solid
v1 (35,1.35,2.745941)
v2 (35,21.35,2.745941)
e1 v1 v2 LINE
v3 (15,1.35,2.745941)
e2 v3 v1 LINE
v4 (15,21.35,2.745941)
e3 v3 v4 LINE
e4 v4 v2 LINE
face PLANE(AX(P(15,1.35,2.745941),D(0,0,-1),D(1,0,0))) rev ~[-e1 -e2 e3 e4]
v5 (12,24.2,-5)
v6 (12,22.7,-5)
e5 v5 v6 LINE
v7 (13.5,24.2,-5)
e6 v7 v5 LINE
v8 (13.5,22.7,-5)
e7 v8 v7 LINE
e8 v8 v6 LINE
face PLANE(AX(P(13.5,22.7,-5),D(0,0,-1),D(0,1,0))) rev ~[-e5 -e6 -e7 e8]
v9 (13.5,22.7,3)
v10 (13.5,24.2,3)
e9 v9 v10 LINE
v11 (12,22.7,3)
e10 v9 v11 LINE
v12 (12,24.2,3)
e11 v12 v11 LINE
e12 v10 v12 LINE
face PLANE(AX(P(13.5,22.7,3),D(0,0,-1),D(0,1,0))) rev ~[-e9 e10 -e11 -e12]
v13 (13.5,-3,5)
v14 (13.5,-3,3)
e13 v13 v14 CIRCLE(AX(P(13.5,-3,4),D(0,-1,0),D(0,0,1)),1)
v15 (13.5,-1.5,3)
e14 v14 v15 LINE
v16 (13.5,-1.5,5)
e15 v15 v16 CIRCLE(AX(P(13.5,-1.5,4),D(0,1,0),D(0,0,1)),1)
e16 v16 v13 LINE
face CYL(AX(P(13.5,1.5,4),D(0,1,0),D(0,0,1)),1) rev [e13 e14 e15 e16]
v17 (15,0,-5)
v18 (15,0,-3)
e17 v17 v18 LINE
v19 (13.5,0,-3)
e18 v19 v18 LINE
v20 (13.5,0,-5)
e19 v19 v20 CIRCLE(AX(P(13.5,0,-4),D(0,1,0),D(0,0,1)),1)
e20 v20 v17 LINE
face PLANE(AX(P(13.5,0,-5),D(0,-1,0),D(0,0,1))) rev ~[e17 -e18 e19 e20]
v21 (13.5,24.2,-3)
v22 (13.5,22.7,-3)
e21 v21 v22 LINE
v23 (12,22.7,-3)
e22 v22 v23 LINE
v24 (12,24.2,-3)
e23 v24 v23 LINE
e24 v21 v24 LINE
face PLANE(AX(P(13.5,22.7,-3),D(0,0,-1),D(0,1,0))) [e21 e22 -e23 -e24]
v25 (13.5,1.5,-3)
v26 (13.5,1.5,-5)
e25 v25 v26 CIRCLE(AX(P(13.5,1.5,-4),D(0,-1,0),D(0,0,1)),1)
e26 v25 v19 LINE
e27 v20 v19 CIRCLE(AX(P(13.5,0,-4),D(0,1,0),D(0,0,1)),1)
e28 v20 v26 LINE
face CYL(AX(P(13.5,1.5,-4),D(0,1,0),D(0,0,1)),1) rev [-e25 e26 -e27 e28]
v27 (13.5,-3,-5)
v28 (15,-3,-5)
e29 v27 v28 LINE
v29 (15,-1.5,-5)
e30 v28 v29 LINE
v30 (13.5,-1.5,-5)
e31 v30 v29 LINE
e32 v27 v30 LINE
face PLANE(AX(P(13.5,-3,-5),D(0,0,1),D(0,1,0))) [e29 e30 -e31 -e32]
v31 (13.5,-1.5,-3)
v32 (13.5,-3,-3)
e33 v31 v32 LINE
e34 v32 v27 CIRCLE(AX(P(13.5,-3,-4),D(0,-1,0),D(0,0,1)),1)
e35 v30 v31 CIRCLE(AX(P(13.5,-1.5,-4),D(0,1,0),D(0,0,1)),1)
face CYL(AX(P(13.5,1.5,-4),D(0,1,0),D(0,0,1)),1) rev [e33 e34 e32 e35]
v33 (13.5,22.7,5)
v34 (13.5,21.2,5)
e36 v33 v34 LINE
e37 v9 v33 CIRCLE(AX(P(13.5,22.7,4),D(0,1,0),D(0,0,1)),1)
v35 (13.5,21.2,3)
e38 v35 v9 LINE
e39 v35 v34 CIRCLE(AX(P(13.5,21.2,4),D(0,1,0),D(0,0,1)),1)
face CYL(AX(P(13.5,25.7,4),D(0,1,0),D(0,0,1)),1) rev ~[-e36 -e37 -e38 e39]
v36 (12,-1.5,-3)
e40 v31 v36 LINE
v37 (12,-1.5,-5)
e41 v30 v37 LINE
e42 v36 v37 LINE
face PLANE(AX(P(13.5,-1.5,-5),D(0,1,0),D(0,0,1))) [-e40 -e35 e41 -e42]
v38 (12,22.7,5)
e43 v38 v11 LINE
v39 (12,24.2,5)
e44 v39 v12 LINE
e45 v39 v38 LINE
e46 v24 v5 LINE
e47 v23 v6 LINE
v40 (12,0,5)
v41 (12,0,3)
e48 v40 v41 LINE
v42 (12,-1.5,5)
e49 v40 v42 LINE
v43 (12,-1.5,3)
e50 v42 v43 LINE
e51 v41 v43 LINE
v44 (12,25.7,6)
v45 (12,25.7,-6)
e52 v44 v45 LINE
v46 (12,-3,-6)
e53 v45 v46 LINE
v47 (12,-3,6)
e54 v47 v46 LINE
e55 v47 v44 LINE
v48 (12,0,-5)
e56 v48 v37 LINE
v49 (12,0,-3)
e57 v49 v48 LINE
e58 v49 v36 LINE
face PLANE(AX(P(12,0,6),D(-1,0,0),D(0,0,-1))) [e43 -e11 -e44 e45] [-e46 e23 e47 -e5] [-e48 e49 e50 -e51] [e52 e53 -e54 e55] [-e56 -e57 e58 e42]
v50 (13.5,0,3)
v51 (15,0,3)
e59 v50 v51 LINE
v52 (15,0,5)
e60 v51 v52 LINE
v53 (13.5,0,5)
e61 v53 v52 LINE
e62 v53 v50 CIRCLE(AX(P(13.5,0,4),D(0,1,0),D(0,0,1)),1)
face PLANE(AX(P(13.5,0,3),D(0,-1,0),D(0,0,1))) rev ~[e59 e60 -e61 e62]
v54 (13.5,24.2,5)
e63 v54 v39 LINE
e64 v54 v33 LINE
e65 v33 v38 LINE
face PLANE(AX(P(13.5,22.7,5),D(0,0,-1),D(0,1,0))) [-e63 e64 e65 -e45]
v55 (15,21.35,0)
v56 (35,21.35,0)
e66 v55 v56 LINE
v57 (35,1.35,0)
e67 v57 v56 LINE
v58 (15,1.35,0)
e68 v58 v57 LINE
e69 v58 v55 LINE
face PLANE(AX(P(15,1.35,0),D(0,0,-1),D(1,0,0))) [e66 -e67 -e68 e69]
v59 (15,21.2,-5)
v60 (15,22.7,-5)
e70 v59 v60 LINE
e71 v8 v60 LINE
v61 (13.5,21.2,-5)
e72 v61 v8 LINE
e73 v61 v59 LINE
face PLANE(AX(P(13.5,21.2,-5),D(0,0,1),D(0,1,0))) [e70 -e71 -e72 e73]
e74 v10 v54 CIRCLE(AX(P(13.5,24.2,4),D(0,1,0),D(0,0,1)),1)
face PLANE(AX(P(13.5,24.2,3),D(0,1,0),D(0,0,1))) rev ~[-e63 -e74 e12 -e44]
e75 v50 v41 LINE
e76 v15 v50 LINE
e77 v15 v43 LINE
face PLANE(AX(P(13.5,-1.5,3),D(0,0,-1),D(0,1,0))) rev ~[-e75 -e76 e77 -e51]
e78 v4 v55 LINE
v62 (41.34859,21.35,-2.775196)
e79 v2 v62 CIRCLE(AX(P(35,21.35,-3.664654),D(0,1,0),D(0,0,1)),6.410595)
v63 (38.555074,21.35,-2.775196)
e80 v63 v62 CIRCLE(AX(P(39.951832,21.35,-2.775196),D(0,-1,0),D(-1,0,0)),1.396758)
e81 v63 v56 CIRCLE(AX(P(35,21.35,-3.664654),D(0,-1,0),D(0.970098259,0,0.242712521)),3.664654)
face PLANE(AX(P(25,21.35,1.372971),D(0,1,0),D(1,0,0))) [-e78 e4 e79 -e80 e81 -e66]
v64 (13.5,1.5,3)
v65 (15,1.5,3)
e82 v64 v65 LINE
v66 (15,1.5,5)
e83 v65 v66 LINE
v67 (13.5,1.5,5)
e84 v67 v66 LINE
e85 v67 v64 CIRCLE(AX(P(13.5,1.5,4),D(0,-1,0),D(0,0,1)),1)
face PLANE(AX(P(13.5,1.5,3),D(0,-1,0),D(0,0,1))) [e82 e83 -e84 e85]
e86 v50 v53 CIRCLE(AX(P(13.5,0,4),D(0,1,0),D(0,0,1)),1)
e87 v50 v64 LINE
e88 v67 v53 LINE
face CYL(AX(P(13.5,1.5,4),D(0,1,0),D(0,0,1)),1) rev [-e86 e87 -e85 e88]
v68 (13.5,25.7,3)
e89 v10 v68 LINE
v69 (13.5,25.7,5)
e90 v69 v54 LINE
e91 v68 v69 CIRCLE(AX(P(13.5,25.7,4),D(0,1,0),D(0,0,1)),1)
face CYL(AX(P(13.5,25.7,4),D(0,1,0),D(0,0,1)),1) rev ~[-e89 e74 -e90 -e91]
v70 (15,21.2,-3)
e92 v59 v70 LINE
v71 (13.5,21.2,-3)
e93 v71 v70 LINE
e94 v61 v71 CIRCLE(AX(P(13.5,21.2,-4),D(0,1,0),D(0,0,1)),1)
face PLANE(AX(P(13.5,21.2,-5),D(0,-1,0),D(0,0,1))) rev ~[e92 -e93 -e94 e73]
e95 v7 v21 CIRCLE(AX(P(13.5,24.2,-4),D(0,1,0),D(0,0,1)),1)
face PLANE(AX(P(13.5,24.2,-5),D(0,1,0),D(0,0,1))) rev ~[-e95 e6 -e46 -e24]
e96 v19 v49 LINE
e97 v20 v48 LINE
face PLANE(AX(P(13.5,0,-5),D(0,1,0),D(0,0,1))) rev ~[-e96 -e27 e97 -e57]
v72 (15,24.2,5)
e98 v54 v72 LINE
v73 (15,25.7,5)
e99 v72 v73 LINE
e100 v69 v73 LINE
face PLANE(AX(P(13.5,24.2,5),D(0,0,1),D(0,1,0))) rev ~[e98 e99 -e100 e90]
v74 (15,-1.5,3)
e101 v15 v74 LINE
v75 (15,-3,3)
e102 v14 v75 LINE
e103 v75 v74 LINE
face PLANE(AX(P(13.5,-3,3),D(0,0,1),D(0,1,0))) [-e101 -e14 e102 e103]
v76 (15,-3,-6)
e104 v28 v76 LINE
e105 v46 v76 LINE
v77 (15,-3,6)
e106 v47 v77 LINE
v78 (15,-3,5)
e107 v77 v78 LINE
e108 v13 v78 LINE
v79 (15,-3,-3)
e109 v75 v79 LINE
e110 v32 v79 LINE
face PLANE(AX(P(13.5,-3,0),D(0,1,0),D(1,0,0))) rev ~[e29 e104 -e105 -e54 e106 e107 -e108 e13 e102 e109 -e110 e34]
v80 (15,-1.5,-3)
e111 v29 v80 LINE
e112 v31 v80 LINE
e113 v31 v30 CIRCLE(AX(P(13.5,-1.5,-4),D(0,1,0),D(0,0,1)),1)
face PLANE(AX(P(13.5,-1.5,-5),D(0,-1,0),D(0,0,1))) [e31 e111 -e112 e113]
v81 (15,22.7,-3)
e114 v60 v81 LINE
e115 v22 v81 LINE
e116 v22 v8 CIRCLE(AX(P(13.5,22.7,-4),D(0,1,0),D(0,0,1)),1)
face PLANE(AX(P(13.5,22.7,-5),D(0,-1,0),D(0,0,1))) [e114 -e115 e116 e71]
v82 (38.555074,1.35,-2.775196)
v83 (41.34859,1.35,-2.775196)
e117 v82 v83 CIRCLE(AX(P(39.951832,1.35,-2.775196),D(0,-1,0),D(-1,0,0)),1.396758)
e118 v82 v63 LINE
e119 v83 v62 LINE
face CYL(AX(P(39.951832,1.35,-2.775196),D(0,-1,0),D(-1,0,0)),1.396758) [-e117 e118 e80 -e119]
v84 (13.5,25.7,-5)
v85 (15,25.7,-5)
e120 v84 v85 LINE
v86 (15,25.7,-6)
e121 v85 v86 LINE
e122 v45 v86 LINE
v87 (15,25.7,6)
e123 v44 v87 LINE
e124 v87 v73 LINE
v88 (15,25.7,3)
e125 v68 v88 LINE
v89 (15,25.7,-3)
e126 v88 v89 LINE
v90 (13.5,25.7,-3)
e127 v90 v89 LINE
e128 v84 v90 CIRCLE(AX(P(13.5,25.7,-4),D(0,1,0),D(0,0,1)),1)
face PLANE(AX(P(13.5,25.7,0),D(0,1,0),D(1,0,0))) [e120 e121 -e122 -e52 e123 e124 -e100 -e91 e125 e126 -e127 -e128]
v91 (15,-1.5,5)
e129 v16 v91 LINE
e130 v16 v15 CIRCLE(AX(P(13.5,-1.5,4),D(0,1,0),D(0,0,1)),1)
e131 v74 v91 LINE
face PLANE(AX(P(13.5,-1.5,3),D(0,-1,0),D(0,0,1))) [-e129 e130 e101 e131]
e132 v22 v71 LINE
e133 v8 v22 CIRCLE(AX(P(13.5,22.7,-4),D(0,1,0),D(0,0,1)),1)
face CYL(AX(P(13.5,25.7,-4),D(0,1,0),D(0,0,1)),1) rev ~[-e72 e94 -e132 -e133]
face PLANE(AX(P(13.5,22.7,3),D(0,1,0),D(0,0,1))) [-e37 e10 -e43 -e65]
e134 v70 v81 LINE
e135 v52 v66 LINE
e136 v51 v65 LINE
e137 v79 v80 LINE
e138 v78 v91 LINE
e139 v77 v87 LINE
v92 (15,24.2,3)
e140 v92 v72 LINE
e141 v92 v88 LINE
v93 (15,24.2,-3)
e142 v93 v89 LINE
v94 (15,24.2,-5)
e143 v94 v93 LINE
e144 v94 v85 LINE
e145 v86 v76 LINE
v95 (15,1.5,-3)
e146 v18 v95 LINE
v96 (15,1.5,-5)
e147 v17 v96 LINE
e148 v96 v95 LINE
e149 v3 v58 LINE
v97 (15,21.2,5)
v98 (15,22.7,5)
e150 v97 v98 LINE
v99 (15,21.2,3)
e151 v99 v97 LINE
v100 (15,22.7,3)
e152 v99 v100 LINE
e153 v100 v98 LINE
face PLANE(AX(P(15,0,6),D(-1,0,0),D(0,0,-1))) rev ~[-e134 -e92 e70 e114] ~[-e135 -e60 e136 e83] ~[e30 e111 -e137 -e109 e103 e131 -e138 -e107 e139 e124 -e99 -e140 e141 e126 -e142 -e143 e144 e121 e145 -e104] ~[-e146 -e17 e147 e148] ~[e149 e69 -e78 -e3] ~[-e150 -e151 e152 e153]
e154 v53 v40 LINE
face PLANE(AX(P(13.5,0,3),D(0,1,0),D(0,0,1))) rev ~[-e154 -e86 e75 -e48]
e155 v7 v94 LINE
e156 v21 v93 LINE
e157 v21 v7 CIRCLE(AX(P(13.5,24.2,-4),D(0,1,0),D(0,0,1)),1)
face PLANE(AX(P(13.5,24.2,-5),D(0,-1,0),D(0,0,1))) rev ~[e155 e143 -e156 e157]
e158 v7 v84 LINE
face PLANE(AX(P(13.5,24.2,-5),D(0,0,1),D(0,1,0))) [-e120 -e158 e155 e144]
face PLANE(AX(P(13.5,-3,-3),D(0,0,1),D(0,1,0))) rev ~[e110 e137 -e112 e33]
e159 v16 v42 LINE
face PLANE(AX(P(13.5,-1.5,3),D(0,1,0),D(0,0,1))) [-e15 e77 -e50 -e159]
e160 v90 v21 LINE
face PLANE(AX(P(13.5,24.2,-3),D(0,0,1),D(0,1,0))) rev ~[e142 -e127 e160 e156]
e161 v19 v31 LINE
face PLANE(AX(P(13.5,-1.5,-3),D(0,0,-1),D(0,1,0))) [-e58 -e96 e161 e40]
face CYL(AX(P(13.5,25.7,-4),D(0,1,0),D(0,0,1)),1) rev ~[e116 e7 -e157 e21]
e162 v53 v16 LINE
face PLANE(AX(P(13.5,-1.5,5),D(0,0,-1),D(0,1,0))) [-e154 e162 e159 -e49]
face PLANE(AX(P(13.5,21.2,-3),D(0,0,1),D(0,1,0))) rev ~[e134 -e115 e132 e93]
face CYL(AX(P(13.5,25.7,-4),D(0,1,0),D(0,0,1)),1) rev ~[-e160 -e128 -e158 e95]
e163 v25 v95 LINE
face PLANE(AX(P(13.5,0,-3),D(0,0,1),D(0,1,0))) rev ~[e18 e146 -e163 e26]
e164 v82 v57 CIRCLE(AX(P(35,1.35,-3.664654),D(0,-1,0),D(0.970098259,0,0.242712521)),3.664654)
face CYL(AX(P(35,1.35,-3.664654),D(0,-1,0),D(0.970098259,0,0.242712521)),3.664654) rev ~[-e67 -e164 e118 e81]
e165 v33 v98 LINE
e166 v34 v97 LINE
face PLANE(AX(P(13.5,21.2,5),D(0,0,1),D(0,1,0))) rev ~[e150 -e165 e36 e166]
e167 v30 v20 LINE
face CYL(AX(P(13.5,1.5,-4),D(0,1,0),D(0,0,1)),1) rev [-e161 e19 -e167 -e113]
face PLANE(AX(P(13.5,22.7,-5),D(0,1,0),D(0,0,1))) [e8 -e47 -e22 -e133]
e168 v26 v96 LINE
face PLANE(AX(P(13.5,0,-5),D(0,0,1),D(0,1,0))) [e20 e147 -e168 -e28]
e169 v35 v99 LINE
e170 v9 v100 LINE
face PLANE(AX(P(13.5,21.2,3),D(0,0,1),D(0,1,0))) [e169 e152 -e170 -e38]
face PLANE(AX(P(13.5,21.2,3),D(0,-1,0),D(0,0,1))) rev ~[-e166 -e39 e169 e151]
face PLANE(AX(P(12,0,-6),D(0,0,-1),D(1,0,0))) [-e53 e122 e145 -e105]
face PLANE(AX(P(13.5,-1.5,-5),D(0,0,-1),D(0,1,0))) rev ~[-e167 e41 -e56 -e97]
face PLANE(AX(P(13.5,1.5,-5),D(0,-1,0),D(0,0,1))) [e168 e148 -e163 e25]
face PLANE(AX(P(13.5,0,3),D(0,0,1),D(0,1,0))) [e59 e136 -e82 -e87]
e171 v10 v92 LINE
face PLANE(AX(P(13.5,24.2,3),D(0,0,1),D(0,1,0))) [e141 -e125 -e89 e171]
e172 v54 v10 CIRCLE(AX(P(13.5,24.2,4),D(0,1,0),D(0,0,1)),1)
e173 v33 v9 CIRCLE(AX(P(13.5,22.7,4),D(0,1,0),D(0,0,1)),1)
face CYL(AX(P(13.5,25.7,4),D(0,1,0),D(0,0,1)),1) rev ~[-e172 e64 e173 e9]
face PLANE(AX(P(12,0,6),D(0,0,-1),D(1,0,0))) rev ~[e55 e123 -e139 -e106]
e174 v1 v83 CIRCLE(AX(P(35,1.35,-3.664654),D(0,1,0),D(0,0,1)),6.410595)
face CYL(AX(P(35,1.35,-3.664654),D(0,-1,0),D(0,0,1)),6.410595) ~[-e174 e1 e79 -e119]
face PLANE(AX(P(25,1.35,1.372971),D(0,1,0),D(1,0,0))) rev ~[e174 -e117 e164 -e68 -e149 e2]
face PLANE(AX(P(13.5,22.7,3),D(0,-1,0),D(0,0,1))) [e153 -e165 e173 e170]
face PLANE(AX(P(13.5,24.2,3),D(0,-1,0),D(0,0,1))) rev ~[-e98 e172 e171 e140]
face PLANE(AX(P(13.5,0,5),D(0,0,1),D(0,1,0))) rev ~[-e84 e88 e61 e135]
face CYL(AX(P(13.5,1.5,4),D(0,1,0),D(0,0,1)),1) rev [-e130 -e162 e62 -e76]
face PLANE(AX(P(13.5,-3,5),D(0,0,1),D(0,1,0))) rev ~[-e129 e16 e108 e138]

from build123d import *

# Parameters (mm, degrees)
SKETCH1_W                = 3
SKETCH1_H                = 12
BOSS_EXTRUDE1_DEPTH      = 3
ESQUISSE1_W              = 3
ESQUISSE1_H              = 12
BOSS_EXTRU_1_DEPTH       = 25.7
ESQUISSE2_R              = 1
ENL_V_MAT_EXTRU_1_DEPTH  = 4.5
ENL_V_START              = -4.5
ESQUISSE10_R             = 1
ENL_V_MAT_EXTRU_3_DEPTH  = 4.5
ESQUISSE13_W             = 2
ESQUISSE13_H             = 1.5
ENL_V_MAT_EXTRU_5_DEPTH  = 5
ESQUISSE14_W             = 2
ESQUISSE14_H             = 1.5
ENL_V_MAT_EXTRU_6_DEPTH  = 5
BOSS_EXTRUDE2_DEPTH      = 10
BOSS_EXTRUDE2_DEPTH_BACK = 10
SKETCH2_W                = 20
SKETCH2_H                = 2.745941069


with BuildPart() as part:
    # Sketch1 → Boss-Extrude1 (new body)
    with BuildSketch(Plane(origin=(0, 0, 0), x_dir=(1, 0, 0), z_dir=(0, 1, 0))):
        with Locations((13.5, 0)):
            Rectangle(SKETCH1_W, SKETCH1_H)
    extrude(amount=-BOSS_EXTRUDE1_DEPTH)

    # Esquisse1 → Boss.-Extru.1 (add)
    with BuildSketch(Plane(origin=(0, 0, 0), x_dir=(1, 0, 0), z_dir=(0, 1, 0))):
        with Locations((13.5, 0)):
            Rectangle(ESQUISSE1_W, ESQUISSE1_H)
    extrude(amount=BOSS_EXTRU_1_DEPTH)

    # Esquisse2 → Enlèv. mat.-Extru.1 (cut)
    with BuildSketch(Plane(origin=(0, 25.7, 0), x_dir=(1, 0, 0), z_dir=(0, 1, 0))):
        with Locations(Location((13.5, 4, 0), (0, 0, 270))):
            Circle(ESQUISSE2_R)
        with Locations(Location((13.5, -4, 0), (0, 0, 270))):
            Circle(ESQUISSE2_R)
    extrude(amount=-ENL_V_MAT_EXTRU_1_DEPTH, mode=Mode.SUBTRACT)

    # Esquisse10 → Enlèv. mat.-Extru.3 (cut)
    with BuildSketch(Plane.XZ.offset(3).offset(ENL_V_START)):
        with Locations(Location((13.5, -4, 0), (0, 0, 90))):
            Circle(ESQUISSE10_R)
        with Locations(Location((13.5, 4, 0), (0, 0, 90))):
            Circle(ESQUISSE10_R)
    extrude(amount=ENL_V_MAT_EXTRU_3_DEPTH, mode=Mode.SUBTRACT)

    # Esquisse13 → Enlèv. mat.-Extru.5 (cut)
    with BuildSketch(Plane.ZY.offset(-13.5)):
        with Locations((4, -2.25)):
            Rectangle(ESQUISSE13_W, ESQUISSE13_H)
        with Locations((4, 0.75)):
            Rectangle(ESQUISSE13_W, ESQUISSE13_H)
        with Locations((-4, 0.75)):
            Rectangle(ESQUISSE13_W, ESQUISSE13_H)
        with Locations((-4, -2.25)):
            Rectangle(ESQUISSE13_W, ESQUISSE13_H)
        with Locations((-4, 24.95)):
            Rectangle(ESQUISSE13_W, ESQUISSE13_H)
        with Locations((-4, 21.95)):
            Rectangle(ESQUISSE13_W, ESQUISSE13_H)
        with Locations((4, 21.95)):
            Rectangle(ESQUISSE13_W, ESQUISSE13_H)
        with Locations((4, 24.95)):
            Rectangle(ESQUISSE13_W, ESQUISSE13_H)
    extrude(amount=-ENL_V_MAT_EXTRU_5_DEPTH, mode=Mode.SUBTRACT)

    # Esquisse14 → Enlèv. mat.-Extru.6 (cut)
    with BuildSketch(Plane.ZY.offset(-13.5)):
        with Locations((-4, -0.75)):
            Rectangle(ESQUISSE14_W, ESQUISSE14_H)
        with Locations((4, -0.75)):
            Rectangle(ESQUISSE14_W, ESQUISSE14_H)
        with Locations((4, 23.45)):
            Rectangle(ESQUISSE14_W, ESQUISSE14_H)
        with Locations((-4, 23.45)):
            Rectangle(ESQUISSE14_W, ESQUISSE14_H)
    extrude(amount=ENL_V_MAT_EXTRU_6_DEPTH, mode=Mode.SUBTRACT)

    # Sketch2 → Boss-Extrude2 (add, two sides: drawn at the far end of the back side and taken through both)
    with BuildSketch(Plane(origin=(0, 11.35, 0), x_dir=(1, 0, 0), z_dir=(0, 1, 0)).offset(-BOSS_EXTRUDE2_DEPTH_BACK)):
        with Locations((25, -1.372970535)):
            Rectangle(SKETCH2_W, SKETCH2_H)
        with BuildLine():
            ThreePointArc((35, -2.745941069), (39.206766833, -1.17258084), (41.348589647, 2.775196335))
            Line((41.348589647, 2.775196335), (38.555074141, 2.775196335))
            ThreePointArc((38.555074141, 2.775196335), (37.255009249, 0.775948112), (35, 0))
            Line((35, 0), (35, -2.745941069))
        make_face()
        with BuildLine():
            Line((41.348589647, 2.775196335), (38.555074141, 2.775196335))
            ThreePointArc((38.555074141, 2.775196335), (39.951831894, 4.171954088), (41.348589647, 2.775196335))
        make_face()
    extrude(amount=BOSS_EXTRUDE2_DEPTH + BOSS_EXTRUDE2_DEPTH_BACK)


solid = part.part
